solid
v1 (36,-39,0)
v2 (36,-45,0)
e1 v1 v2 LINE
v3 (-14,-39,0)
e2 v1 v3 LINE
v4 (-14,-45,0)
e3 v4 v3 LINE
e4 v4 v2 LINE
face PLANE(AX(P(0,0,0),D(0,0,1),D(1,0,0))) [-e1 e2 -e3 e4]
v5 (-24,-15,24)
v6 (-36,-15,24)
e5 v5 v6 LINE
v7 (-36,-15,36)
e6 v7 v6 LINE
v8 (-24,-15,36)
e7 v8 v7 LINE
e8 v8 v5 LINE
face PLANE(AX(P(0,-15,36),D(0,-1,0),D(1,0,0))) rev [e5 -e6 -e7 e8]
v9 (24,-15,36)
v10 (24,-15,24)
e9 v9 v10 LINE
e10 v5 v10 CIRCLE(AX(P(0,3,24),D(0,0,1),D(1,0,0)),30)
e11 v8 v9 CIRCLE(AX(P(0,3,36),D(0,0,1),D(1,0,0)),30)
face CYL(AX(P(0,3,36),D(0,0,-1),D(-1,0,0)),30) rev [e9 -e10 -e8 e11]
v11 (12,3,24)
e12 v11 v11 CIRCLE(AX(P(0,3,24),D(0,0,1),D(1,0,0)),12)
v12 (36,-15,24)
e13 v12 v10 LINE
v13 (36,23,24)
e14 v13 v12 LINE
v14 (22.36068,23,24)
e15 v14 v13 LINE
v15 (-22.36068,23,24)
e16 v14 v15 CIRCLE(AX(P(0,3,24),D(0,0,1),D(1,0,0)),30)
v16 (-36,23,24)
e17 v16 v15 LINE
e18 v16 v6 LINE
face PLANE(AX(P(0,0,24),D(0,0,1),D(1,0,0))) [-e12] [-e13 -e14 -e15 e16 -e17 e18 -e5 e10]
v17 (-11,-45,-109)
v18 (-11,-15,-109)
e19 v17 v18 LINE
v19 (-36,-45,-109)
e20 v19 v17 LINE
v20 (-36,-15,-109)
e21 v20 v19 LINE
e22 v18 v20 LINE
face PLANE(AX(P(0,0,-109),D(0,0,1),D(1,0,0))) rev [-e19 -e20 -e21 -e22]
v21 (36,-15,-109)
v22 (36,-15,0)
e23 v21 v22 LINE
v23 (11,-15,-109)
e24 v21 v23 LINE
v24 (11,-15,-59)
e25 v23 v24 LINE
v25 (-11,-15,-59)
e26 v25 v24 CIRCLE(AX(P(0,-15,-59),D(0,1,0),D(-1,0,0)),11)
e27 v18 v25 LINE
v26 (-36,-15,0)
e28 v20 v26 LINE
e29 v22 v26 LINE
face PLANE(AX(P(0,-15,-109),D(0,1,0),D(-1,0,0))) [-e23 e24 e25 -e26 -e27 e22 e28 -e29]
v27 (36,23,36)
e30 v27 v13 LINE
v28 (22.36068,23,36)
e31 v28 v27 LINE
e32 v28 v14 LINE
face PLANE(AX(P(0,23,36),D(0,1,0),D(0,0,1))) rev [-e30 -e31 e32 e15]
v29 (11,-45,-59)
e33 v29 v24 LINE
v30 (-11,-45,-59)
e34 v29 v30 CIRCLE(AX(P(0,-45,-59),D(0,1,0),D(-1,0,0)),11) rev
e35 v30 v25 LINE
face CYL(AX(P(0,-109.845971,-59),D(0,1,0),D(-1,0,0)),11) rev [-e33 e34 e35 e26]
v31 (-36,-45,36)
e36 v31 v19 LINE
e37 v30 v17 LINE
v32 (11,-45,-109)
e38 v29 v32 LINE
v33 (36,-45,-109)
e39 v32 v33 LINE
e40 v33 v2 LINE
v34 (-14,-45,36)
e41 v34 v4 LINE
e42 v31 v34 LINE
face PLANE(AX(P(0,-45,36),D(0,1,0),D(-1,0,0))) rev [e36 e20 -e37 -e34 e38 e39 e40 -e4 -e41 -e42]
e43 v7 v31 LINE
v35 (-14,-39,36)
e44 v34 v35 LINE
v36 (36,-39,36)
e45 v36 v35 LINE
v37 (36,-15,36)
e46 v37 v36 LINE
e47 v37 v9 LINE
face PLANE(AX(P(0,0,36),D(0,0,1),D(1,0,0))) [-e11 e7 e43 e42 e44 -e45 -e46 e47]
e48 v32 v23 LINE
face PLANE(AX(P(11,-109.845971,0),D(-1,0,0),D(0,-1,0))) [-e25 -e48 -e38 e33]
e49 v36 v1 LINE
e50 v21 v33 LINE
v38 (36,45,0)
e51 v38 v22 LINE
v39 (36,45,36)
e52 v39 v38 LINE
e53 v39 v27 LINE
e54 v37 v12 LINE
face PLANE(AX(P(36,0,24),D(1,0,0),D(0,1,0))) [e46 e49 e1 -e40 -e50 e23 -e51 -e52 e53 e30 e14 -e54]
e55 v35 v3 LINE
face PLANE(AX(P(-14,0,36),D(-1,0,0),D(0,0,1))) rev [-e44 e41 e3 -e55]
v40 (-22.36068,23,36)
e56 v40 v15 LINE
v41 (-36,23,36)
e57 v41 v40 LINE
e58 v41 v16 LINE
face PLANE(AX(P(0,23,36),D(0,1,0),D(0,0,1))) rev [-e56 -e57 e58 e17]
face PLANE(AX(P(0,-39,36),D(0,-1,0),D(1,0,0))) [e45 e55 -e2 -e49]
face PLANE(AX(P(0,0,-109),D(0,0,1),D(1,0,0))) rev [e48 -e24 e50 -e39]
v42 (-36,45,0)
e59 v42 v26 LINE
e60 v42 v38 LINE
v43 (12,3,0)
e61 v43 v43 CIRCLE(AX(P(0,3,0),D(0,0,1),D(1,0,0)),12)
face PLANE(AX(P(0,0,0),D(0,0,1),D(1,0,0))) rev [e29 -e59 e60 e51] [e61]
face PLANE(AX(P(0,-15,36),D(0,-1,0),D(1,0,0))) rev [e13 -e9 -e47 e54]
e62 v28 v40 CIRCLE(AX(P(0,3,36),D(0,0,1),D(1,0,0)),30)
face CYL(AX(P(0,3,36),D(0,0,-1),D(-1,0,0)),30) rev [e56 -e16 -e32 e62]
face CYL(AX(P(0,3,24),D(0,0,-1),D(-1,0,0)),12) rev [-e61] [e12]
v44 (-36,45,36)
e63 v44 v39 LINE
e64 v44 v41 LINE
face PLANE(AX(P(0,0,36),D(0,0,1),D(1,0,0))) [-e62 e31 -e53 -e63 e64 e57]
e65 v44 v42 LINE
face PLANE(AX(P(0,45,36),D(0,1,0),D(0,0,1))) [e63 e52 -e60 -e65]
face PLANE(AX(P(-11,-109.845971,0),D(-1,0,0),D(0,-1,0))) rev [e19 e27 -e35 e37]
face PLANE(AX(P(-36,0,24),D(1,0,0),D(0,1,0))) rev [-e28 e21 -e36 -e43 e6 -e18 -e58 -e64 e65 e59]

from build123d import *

# Parameters (mm, degrees)
SKETCH1_R           = 12
BOSS_EXTRUDE1_DEPTH = 24
BOSS_EXTRUDE2_DEPTH = 36
SKETCH1_9_W         = 72
SKETCH1_9_H         = 30
BOSS_EXTRUDE5_DEPTH = 109
SKETCH1_10_W        = 50
SKETCH1_10_H        = 6
BOSS_EXTRUDE6_DEPTH = 36
CUT_EXTRUDE1_DEPTH  = 30


with BuildPart() as part:
    # Sketch1 → Boss-Extrude1 (new body)
    # profile 1 of 5: a face of its own
    with BuildSketch(Plane.XY):
        with BuildLine():
            Line((22.360679775, 23), (-22.360679775, 23))
            ThreePointArc((-22.360679775, 23), (-29.972123003, 4.292997564), (-24, -15))
            Line((-24, -15), (24, -15))
            ThreePointArc((24, -15), (28.460498942, -6.486832981), (30, 3))
            ThreePointArc((30, 3), (28.025170769, 13.704662693), (22.360679775, 23))
        make_face()
        with Locations((0, 3)):
            Circle(SKETCH1_R, mode=Mode.SUBTRACT)
    # profile 2 of 5: a face of its own
    with BuildSketch(Plane.XY):
        with BuildLine():
            ThreePointArc((22.360679775, 23), (0, 33), (-22.360679775, 23))
            Line((-22.360679775, 23), (22.360679775, 23))
        make_face()
    # profile 3 of 5: a face of its own
    with BuildSketch(Plane.XY):
        with BuildLine():
            Line((24, -15), (-24, -15))
            ThreePointArc((-24, -15), (0, -27), (24, -15))
        make_face()
    # profile 4 of 5: a face of its own
    with BuildSketch(Plane.XY):
        with BuildLine():
            Line((36, -15), (36, 23))
            Line((36, 23), (22.360679775, 23))
            ThreePointArc((22.360679775, 23), (28.025170769, 13.704662693), (30, 3))
            ThreePointArc((30, 3), (28.460498942, -6.486832981), (24, -15))
            Line((24, -15), (36, -15))
        make_face()
    # profile 5 of 5: a face of its own
    with BuildSketch(Plane.XY):
        with BuildLine():
            Line((-22.360679775, 23), (-36, 23))
            Line((-36, 23), (-36, -15))
            Line((-36, -15), (-24, -15))
            ThreePointArc((-24, -15), (-29.972123003, 4.292997564), (-22.360679775, 23))
        make_face()
    extrude(amount=BOSS_EXTRUDE1_DEPTH)

    # Sketch1<4> → Boss-Extrude2 (add)
    with BuildSketch(Plane.XY):
        with BuildLine():
            Line((36, 45), (-36, 45))
            Line((-36, 45), (-36, 23))
            Line((-36, 23), (-22.360679775, 23))
            ThreePointArc((-22.360679775, 23), (0, 33), (22.360679775, 23))
            Line((22.360679775, 23), (36, 23))
            Line((36, 23), (36, 45))
        make_face()
        with BuildLine():
            Line((-24, -15), (-36, -15))
            Line((-36, -15), (-36, -45))
            Line((-36, -45), (-14, -45))
            Line((-14, -45), (-14, -39))
            Line((-14, -39), (36, -39))
            Line((36, -39), (36, -15))
            Line((36, -15), (24, -15))
            ThreePointArc((24, -15), (0, -27), (-24, -15))
        make_face()
    extrude(amount=BOSS_EXTRUDE2_DEPTH)

    # Sketch1<9> → Boss-Extrude5 (add)
    with BuildSketch(Plane.XY):
        with Locations((0, -30)):
            Rectangle(SKETCH1_9_W, SKETCH1_9_H)
    extrude(amount=-BOSS_EXTRUDE5_DEPTH)

    # Sketch1<10> → Boss-Extrude6 (add)
    with BuildSketch(Plane.XY):
        with Locations((11, -42)):
            Rectangle(SKETCH1_10_W, SKETCH1_10_H)
    extrude(amount=-BOSS_EXTRUDE6_DEPTH)

    # Sketch3 → Cut-Extrude1 (cut)
    with BuildSketch(Plane(origin=(0, -15, 0), x_dir=(1, 0, 0), z_dir=(0, 1, 0))):
        with BuildLine():
            Line((11, 59), (11, 109))
            Line((11, 109), (-11, 109))
            Line((-11, 109), (-11, 59))
            ThreePointArc((-11, 59), (0, 70), (11, 59))
        make_face()
        with BuildLine():
            ThreePointArc((-11, 59), (0, 48), (11, 59))
            Line((11, 59), (-11, 59))
        make_face()
        with BuildLine():
            Line((-11, 59), (11, 59))
            ThreePointArc((11, 59), (0, 70), (-11, 59))
        make_face()
    extrude(amount=-CUT_EXTRUDE1_DEPTH, mode=Mode.SUBTRACT)


solid = part.part
